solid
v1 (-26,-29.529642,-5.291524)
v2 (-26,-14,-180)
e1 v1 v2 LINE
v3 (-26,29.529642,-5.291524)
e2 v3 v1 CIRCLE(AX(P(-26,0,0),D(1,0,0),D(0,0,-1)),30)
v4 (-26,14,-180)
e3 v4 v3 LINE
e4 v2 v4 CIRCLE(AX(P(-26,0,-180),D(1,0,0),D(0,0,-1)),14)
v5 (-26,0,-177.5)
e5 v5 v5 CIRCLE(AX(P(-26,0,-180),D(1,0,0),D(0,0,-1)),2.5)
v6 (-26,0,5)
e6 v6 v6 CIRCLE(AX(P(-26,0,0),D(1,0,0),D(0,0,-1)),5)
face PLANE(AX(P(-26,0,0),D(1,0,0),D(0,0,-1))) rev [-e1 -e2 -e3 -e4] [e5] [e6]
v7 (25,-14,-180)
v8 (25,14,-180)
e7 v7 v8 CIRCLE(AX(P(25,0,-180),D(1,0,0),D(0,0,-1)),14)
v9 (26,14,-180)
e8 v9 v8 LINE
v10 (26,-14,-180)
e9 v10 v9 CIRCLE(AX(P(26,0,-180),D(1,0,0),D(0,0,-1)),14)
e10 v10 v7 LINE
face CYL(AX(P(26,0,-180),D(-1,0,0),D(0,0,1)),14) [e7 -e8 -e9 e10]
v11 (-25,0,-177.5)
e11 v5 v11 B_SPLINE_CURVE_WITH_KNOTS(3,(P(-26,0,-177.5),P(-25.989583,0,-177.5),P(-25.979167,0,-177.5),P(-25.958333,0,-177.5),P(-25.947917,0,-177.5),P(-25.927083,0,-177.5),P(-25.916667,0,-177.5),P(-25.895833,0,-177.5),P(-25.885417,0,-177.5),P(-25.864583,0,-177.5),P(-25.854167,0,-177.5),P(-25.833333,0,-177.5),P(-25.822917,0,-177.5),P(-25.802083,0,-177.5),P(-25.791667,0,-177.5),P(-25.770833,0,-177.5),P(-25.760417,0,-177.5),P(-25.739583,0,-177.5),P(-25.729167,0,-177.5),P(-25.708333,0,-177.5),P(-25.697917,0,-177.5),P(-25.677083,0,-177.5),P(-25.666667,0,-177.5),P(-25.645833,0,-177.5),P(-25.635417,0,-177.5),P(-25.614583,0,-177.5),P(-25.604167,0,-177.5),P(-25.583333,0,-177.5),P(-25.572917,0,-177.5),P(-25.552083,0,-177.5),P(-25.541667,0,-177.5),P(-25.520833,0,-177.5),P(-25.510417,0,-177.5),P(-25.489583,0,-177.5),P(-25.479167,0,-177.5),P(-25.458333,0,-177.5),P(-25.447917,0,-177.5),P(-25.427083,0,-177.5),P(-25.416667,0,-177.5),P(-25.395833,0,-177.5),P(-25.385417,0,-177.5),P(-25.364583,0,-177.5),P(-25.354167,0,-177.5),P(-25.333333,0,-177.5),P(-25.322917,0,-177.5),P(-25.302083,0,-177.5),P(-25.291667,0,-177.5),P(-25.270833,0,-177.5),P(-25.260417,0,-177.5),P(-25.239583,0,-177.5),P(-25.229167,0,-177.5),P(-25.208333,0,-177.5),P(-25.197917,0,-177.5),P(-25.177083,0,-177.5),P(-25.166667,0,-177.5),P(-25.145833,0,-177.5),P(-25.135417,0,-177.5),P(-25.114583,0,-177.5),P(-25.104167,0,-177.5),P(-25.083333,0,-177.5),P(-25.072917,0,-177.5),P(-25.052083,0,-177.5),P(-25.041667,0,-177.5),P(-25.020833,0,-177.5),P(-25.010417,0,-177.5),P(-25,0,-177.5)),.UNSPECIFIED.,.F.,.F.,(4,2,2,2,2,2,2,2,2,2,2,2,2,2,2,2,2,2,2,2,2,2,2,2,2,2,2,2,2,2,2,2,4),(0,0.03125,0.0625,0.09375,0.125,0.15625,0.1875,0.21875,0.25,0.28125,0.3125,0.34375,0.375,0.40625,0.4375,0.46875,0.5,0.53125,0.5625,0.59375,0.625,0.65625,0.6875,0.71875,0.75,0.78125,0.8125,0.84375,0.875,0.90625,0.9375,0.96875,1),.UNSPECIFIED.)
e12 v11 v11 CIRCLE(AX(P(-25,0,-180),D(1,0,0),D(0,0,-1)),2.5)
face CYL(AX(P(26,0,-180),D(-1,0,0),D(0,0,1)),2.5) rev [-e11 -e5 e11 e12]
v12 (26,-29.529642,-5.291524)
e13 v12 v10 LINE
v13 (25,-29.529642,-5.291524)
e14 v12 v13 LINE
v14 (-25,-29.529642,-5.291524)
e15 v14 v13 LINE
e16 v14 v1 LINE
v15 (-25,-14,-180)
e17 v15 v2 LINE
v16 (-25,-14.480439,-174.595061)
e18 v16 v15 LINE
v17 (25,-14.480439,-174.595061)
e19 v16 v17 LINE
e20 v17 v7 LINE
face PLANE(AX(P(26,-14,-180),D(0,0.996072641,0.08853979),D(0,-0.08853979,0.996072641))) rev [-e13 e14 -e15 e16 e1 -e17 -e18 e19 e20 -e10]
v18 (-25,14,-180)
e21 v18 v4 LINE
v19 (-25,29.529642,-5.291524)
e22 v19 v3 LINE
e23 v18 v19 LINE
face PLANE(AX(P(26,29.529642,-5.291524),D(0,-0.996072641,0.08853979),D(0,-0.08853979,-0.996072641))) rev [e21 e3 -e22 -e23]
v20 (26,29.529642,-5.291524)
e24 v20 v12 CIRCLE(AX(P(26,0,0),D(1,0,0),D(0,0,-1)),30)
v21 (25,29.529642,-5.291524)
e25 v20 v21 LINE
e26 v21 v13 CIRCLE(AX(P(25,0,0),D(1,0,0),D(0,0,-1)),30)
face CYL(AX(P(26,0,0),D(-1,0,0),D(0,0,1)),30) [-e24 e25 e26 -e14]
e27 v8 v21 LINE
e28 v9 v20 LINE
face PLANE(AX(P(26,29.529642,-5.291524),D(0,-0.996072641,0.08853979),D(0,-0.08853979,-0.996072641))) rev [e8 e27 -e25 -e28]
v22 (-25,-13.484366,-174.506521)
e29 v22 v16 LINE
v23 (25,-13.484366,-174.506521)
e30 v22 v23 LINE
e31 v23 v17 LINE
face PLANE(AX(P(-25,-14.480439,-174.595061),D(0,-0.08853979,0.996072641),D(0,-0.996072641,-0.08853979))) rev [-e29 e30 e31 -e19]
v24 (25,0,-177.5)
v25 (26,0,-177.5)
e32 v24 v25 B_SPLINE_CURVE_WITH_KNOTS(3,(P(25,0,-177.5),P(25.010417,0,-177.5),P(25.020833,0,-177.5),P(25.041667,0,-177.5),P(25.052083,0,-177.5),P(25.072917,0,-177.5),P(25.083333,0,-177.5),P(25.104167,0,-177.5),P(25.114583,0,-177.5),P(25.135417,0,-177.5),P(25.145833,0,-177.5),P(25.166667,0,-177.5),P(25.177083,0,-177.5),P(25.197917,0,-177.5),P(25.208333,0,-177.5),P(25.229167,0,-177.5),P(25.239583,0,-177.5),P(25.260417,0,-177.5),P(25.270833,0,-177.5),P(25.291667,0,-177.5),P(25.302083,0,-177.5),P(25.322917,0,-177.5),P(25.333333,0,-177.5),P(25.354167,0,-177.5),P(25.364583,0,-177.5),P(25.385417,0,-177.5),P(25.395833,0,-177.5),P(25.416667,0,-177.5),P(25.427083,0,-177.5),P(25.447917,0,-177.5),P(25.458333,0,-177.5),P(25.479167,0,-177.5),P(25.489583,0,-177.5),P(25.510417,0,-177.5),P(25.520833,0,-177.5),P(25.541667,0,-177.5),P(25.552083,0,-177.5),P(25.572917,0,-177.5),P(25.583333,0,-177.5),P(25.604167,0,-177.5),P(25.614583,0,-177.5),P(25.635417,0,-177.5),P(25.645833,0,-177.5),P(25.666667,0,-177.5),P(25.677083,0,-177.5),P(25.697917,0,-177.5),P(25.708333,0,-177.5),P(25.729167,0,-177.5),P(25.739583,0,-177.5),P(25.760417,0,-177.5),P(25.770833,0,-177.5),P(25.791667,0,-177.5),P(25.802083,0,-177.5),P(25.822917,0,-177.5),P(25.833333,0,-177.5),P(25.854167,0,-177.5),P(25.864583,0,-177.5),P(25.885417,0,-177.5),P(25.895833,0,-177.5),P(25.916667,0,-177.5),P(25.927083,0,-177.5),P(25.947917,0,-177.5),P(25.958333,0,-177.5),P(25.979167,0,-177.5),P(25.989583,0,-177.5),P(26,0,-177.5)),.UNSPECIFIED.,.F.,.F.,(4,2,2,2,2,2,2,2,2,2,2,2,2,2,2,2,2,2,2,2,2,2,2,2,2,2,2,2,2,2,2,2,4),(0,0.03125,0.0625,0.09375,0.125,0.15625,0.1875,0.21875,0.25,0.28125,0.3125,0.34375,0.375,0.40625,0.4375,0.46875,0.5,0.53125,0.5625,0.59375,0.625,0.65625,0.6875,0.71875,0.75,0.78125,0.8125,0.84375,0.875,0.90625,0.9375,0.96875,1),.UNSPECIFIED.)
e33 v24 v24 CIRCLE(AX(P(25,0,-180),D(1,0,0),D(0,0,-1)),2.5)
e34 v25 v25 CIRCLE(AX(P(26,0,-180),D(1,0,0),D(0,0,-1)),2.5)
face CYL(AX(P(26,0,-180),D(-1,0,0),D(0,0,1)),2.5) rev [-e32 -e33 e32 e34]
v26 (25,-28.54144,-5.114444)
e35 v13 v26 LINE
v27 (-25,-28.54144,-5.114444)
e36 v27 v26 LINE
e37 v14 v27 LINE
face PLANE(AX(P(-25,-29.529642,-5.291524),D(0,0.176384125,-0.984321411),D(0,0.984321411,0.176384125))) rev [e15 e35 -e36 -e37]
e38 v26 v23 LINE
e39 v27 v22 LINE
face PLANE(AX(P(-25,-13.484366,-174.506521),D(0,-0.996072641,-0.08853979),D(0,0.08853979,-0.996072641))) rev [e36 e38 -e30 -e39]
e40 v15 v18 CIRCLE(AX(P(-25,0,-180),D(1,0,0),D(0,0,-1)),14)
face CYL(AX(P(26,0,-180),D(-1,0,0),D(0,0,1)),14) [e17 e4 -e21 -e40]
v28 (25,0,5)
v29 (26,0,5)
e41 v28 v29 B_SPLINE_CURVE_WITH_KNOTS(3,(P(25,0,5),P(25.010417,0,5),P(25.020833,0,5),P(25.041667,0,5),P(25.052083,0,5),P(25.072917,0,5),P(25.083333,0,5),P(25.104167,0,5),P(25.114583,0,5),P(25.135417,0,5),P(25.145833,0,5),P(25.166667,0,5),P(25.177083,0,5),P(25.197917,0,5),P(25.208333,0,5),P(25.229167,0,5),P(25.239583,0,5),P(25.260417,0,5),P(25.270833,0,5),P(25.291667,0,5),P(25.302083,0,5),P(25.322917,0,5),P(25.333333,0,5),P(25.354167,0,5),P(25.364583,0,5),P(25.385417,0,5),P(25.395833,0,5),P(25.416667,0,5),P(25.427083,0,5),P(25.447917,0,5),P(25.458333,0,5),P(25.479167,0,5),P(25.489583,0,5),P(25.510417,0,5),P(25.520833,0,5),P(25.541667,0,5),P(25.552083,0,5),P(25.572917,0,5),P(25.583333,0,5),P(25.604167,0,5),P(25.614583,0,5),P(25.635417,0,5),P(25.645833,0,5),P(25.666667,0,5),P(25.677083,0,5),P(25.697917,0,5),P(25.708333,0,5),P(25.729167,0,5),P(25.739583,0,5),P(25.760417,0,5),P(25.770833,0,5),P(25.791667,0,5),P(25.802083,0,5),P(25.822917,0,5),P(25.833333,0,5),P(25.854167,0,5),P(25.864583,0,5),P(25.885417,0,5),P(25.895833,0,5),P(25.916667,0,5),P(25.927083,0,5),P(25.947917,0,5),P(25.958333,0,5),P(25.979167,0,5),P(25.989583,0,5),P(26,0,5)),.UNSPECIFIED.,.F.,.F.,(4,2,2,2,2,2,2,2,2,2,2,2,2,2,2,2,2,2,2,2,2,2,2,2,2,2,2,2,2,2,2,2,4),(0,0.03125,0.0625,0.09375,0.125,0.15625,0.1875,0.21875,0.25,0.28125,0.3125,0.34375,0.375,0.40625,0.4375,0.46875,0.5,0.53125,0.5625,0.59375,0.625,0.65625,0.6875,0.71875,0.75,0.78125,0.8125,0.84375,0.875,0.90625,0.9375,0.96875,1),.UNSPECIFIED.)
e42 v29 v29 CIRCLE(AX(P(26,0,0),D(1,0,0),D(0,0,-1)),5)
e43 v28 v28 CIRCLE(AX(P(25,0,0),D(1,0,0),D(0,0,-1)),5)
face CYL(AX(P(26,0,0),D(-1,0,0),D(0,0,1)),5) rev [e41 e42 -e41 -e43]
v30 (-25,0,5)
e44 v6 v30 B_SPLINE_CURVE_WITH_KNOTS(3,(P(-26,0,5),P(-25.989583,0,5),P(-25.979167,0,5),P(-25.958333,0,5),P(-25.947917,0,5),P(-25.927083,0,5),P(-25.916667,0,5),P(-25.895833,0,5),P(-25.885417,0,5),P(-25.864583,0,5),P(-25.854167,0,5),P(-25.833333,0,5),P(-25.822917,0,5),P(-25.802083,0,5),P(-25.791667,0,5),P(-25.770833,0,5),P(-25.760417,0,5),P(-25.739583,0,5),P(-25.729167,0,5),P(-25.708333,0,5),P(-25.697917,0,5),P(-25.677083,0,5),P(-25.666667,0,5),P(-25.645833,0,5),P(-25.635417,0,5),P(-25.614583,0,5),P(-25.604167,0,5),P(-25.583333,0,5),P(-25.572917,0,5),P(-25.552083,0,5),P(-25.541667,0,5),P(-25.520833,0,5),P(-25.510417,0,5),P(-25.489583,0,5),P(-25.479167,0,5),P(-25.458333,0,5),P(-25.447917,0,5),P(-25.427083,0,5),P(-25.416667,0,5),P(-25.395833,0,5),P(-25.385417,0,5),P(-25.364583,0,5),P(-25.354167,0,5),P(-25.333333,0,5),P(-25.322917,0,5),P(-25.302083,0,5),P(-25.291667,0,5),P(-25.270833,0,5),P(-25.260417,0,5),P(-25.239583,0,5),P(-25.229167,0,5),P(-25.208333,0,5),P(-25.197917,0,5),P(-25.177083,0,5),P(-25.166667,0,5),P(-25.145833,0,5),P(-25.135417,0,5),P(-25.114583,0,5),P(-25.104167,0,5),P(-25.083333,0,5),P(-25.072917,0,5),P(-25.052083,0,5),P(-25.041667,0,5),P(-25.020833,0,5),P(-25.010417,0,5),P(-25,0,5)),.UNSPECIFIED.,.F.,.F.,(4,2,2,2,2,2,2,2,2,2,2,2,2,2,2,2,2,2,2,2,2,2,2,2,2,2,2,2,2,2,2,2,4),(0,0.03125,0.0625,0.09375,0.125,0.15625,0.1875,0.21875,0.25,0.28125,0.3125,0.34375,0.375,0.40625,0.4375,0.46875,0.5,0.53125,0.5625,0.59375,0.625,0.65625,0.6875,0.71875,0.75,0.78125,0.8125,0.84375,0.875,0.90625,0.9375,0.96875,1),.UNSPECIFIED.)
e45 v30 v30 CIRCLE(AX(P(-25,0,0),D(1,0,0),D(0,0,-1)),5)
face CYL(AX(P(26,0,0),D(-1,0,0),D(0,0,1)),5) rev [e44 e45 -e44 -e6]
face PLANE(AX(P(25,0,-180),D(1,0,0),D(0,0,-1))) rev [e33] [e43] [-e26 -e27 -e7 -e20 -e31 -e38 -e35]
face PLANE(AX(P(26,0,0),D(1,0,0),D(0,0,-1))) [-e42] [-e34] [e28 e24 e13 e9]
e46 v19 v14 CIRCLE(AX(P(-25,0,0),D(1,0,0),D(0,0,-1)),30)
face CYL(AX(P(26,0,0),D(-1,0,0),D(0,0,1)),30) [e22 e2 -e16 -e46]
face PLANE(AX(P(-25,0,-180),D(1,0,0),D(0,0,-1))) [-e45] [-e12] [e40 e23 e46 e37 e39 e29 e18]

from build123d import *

# Parameters (mm, degrees)
SKETCH1_R           = 5
SKETCH1_R_2         = 2.5
BOSS_EXTRUDE1_DEPTH = 26
CUT_EXTRUDE1_DEPTH  = 25


with BuildPart() as part:
    # Sketch1 → Boss-Extrude1 (new, symmetric)
    with BuildSketch(Plane(origin=(0, 0, 0), x_dir=(0, 0, -1), z_dir=(1, 0, 0))):
        with BuildLine():
            Line((5.291523763, 29.529642332), (180, 14))
            ThreePointArc((180, 14), (194, 0), (180, -14))
            Line((180, -14), (5.291523763, -29.529642332))
            ThreePointArc((5.291523763, -29.529642332), (-30, 0), (5.291523763, 29.529642332))
        make_face()
        with Locations(Location((0, 0, 0), (0, 0, 180))):
            Circle(SKETCH1_R, mode=Mode.SUBTRACT)
        with Locations(Location((180, 0, 0), (0, 0, 180))):
            Circle(SKETCH1_R_2, mode=Mode.SUBTRACT)
    extrude(amount=BOSS_EXTRUDE1_DEPTH, both=True)

    # Sketch2 → Cut-Extrude1 (cut, symmetric)
    with BuildSketch(Plane(origin=(0, 0, 0), x_dir=(0, 0, -1), z_dir=(1, 0, 0))):
        with BuildLine():
            Line((5.291523763, -29.529642332), (5.114444182, -28.541439895))
            Line((5.114444182, -28.541439895), (174.506520913, -13.484366408))
            Line((174.506520913, -13.484366408), (174.595060704, -14.480439049))
            Line((174.595060704, -14.480439049), (180, -14))
            ThreePointArc((180, -14), (194, 0), (180, 14))
            Line((180, 14), (5.291523763, 29.529642332))
            ThreePointArc((5.291523763, 29.529642332), (-30, 0), (5.291523763, -29.529642332))
        make_face()
    extrude(amount=CUT_EXTRUDE1_DEPTH, both=True, mode=Mode.SUBTRACT)


solid = part.part
